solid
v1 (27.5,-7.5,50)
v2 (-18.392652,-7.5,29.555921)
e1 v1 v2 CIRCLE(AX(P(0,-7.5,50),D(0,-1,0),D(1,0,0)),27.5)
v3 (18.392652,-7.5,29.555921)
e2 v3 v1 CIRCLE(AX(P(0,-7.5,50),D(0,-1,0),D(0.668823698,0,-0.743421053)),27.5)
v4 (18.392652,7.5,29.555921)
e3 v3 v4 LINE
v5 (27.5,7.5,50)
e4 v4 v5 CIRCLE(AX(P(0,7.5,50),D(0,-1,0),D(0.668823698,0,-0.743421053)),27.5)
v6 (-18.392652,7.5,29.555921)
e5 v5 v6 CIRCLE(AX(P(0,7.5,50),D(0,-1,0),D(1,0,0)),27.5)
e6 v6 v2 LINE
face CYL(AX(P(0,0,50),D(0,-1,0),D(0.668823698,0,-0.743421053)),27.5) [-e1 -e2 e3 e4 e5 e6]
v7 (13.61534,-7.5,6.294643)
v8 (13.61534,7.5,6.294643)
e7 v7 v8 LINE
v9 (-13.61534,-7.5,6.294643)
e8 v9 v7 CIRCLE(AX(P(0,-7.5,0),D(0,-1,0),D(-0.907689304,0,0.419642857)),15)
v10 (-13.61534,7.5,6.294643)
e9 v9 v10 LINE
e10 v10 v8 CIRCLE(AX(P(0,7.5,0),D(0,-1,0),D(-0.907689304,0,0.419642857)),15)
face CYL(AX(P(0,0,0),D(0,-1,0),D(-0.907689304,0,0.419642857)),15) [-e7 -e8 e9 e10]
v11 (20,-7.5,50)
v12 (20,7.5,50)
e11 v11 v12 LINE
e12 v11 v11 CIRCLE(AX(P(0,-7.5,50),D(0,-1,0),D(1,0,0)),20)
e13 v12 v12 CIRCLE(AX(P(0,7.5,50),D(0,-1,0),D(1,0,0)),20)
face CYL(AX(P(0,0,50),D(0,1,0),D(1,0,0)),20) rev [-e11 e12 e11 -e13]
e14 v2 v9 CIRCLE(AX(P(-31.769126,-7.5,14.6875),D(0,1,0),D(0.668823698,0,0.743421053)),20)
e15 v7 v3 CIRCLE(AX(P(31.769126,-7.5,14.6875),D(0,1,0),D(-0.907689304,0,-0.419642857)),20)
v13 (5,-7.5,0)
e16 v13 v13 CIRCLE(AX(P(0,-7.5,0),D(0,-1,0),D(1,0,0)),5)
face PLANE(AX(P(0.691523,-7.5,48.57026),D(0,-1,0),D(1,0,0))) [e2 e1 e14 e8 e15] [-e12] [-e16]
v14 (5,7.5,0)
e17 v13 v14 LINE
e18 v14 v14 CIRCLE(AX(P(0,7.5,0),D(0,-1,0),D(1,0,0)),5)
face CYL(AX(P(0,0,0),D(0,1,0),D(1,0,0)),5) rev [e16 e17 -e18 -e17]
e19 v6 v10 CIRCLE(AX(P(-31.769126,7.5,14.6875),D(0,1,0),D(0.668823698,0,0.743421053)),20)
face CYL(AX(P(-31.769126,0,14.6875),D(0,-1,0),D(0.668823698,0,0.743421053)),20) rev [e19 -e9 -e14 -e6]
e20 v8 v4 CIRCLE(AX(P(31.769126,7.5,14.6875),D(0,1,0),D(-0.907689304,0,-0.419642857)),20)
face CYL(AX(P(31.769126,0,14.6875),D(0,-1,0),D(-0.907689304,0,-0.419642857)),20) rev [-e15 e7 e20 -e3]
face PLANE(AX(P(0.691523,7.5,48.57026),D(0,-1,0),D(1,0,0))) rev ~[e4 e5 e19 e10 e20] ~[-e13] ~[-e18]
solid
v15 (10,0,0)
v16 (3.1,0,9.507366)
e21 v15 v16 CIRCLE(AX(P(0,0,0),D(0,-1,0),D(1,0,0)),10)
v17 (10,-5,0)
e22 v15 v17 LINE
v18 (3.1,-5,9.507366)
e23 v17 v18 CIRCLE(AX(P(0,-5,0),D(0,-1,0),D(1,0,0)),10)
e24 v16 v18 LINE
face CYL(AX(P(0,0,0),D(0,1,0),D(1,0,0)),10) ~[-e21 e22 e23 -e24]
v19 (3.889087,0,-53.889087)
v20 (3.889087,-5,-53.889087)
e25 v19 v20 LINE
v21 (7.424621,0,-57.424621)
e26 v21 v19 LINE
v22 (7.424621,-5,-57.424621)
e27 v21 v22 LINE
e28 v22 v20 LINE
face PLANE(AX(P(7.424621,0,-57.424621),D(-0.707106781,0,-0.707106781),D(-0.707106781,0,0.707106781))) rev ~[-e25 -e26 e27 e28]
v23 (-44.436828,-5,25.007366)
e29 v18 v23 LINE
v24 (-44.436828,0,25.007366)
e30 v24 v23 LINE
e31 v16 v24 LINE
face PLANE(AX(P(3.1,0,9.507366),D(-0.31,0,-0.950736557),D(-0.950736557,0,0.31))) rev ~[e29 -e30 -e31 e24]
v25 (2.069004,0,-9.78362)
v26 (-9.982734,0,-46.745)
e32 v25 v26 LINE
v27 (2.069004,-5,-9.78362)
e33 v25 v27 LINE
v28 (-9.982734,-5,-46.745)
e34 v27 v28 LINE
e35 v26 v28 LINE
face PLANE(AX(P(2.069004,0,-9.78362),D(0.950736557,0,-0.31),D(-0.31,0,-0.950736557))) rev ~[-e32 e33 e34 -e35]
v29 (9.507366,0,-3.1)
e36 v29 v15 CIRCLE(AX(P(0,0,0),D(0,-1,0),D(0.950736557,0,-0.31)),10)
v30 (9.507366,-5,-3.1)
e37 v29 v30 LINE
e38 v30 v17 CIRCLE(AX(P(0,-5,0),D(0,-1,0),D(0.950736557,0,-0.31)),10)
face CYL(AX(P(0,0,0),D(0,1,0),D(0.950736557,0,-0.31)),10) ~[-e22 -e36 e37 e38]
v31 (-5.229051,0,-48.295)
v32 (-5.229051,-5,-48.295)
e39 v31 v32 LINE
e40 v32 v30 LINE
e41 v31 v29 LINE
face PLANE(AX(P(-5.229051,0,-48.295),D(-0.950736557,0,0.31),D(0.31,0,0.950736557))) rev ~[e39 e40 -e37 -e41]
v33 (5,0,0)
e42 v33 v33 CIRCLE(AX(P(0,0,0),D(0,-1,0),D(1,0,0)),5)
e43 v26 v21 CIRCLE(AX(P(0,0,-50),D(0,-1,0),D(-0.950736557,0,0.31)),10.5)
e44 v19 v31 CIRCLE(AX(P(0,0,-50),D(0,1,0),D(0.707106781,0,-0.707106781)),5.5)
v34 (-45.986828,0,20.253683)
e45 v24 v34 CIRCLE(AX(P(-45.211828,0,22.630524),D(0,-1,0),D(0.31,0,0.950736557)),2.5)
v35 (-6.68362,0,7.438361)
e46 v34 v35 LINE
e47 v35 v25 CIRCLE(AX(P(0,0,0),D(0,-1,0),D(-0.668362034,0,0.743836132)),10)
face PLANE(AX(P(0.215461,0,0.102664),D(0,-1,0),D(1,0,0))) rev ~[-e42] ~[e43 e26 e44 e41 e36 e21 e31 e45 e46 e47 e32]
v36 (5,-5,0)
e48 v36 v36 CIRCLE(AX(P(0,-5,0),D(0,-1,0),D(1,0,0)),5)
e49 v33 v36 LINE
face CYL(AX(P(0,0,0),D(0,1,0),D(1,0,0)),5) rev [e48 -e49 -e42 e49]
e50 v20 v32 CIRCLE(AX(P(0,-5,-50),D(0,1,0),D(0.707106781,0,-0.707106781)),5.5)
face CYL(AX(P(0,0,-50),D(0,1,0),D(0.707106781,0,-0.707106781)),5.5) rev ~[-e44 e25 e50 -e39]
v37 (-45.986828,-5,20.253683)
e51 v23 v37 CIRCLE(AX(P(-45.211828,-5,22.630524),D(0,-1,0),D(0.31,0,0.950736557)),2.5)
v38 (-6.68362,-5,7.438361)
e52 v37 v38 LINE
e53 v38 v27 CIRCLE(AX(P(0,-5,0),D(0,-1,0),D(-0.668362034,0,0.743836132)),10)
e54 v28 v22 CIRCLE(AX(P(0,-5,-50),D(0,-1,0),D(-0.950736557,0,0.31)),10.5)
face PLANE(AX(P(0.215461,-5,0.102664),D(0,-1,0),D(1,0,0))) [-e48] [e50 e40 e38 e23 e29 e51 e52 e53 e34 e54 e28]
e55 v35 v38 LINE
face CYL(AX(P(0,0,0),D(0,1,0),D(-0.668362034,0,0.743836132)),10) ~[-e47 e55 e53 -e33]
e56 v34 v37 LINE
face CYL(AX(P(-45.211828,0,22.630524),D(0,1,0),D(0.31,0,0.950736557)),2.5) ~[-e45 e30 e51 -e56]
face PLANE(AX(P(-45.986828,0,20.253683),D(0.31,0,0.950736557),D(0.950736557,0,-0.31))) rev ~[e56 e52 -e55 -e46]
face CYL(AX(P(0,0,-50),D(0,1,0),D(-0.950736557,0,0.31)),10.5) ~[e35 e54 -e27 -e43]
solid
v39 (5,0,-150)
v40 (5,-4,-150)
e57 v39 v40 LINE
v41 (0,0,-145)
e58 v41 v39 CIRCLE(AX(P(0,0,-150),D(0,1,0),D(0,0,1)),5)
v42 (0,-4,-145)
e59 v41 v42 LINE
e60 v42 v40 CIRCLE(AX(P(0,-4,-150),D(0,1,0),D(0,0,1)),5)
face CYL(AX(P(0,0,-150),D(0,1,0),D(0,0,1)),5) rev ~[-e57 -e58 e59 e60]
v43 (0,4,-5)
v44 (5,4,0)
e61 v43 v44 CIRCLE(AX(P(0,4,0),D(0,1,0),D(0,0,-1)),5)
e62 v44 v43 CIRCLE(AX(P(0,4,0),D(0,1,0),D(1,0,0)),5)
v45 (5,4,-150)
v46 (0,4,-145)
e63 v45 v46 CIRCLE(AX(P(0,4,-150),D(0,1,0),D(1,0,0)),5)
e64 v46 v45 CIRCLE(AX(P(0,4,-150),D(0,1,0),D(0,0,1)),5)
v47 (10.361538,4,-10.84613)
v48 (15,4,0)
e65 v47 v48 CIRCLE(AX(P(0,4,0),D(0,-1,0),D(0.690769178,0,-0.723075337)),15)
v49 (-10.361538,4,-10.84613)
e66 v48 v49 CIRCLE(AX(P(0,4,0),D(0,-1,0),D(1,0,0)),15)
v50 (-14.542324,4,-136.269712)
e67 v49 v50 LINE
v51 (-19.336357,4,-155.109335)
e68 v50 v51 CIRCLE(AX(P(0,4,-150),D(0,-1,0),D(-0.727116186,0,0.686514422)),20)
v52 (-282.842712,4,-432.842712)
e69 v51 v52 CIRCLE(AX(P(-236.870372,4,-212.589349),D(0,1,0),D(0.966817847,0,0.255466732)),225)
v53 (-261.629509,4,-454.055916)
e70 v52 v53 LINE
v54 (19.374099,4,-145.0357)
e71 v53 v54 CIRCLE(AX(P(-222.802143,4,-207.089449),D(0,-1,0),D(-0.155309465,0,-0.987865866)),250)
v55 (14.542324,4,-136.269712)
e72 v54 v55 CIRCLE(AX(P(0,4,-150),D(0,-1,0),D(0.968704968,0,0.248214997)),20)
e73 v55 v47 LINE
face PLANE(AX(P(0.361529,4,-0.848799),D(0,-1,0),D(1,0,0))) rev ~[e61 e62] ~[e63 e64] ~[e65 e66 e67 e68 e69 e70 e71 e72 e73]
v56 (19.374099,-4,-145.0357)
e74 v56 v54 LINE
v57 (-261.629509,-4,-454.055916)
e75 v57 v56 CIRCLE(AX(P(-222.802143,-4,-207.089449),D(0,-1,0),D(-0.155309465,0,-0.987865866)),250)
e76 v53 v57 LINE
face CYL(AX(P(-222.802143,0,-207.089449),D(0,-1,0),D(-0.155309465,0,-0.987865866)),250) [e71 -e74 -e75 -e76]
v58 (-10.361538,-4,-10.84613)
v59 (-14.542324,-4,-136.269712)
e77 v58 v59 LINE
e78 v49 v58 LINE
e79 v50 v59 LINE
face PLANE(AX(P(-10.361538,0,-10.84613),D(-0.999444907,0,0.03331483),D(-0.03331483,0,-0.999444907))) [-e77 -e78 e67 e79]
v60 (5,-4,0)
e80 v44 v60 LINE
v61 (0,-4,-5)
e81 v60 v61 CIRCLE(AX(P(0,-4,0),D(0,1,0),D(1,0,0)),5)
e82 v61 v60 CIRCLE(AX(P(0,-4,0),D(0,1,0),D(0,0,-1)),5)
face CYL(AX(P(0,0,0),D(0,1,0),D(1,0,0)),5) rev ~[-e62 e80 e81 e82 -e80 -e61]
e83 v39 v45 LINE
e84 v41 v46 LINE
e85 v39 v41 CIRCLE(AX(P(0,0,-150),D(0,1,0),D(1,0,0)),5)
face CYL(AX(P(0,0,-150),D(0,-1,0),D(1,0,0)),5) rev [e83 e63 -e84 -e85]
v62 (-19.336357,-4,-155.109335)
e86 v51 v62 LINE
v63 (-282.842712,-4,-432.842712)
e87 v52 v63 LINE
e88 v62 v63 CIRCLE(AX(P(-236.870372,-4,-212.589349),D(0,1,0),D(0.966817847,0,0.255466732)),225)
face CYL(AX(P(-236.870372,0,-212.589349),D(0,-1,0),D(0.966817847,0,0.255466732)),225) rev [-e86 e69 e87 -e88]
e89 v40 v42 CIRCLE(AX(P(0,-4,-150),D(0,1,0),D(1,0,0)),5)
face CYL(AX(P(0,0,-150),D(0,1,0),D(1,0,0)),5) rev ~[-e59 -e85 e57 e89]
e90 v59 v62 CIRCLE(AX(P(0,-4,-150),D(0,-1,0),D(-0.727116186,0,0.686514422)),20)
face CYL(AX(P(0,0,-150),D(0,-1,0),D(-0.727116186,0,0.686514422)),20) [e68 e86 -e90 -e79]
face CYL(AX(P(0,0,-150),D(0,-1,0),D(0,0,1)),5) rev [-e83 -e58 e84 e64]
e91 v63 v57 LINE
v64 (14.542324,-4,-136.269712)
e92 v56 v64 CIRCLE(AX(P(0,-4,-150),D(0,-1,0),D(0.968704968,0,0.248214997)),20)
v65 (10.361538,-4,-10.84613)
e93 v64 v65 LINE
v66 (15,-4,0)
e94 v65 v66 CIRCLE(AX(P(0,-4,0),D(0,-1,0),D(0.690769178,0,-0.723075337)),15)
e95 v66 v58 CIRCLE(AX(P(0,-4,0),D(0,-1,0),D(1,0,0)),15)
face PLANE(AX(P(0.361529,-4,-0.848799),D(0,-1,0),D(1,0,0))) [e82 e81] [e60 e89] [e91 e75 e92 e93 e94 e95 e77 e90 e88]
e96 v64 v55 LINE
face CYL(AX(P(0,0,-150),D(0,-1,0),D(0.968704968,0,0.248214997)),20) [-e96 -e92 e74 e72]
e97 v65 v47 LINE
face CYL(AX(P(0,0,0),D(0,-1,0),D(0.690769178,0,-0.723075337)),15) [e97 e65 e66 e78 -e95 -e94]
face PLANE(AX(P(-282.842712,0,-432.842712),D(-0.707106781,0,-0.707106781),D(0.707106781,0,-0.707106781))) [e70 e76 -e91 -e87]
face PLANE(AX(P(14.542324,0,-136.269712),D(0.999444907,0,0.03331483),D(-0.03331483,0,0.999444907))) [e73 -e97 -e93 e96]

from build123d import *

# Parameters (mm, degrees)
F1_DEPTH = 4
F3_R     = 20
F3_R_2   = 5
F4_DEPTH = 7.5
F5_R     = 5
F6_DEPTH = 5


with BuildPart() as f1:
    # F0 (on Front) → F1 (new body, symmetric)
    with BuildSketch(Plane.XZ):
        with BuildLine():
            ThreePointArc((10.3615376685, -10.8461300539), (13.7917197083, -5.8981749284), (15, 0))
            ThreePointArc((15, 0), (-5.8981749284, 13.7917197083), (-10.3615376685, -10.8461300539))
            ThreePointArc((-10.3615376685, -10.8461300539), (-5.5815790415, -13.9228580185), (0, -15))
            ThreePointArc((0, -15), (5.5815790415, -13.9228580185), (10.3615376685, -10.8461300539))
        make_face()
        with BuildLine():
            ThreePointArc((5, 0), (3.5355339059, -3.5355339059), (0, -5))
            ThreePointArc((0, -5), (-3.5355339059, 3.5355339059), (5, 0))
        make_face(mode=Mode.SUBTRACT)
        with BuildLine():
            ThreePointArc((0, -15), (-5.5815790415, -13.9228580185), (-10.3615376685, -10.8461300539))
            Line((-10.3615376685, -10.8461300539), (-14.5423237184, -136.2697115518))
            ThreePointArc((-14.5423237184, -136.2697115518), (-7.9181510164, -131.6341925176), (0, -130))
            Line((0, -130), (0, -15))
        make_face()
        with BuildLine():
            Line((14.5423237184, -136.2697115518), (10.3615376685, -10.8461300539))
            ThreePointArc((10.3615376685, -10.8461300539), (5.5815790415, -13.9228580185), (0, -15))
            Line((0, -15), (0, -130))
            ThreePointArc((0, -130), (7.9181510164, -131.6341925176), (14.5423237184, -136.2697115518))
        make_face()
        with BuildLine():
            ThreePointArc((0, -130), (-7.9181510164, -131.6341925176), (-14.5423237184, -136.2697115518))
            ThreePointArc((-14.5423237184, -136.2697115518), (-19.3823141099, -145.0678706683), (-19.3363569345, -155.1093346436))
            ThreePointArc((-19.3363569345, -155.1093346436), (2.5761270649, -169.8333953055), (20, -150))
            ThreePointArc((20, -150), (19.8429078923, -147.4981993729), (19.3740993622, -145.0357000592))
            ThreePointArc((19.3740993622, -145.0357000592), (17.5154668015, -140.3455490717), (14.5423237184, -136.2697115518))
            ThreePointArc((14.5423237184, -136.2697115518), (7.9181510164, -131.6341925176), (0, -130))
        make_face()
        with BuildLine():
            ThreePointArc((5, -150), (-3.5355339059, -153.5355339059), (0, -145))
            ThreePointArc((0, -145), (3.5355339059, -146.4644660941), (5, -150))
        make_face(mode=Mode.SUBTRACT)
        with BuildLine():
            ThreePointArc((20, -150), (2.5761270649, -169.8333953055), (-19.3363569345, -155.1093346436))
            ThreePointArc((-19.3363569345, -155.1093346436), (-73.6456518499, -367.4528072618), (-282.8427124746, -432.8427124746))
            Line((-282.8427124746, -432.8427124746), (-261.629509039, -454.0559159102))
            ThreePointArc((-261.629509039, -454.0559159102), (-37.8398093147, -375.282597935), (19.3740993622, -145.0357000592))
            ThreePointArc((19.3740993622, -145.0357000592), (19.8429078923, -147.4981993729), (20, -150))
        make_face()
    extrude(amount=F1_DEPTH, both=True)


with BuildPart() as f4:
    # F3 (on Front) → F4 (new body, symmetric)
    with BuildSketch(Plane.XZ):
        with BuildLine():
            ThreePointArc((18.3926516847, 29.5559210526), (25.1201902991, 38.8095558919), (27.5, 50))
            ThreePointArc((27.5, 50), (-11.1904441081, 75.1201902991), (-18.3926516847, 29.5559210526))
            ThreePointArc((-18.3926516847, 29.5559210526), (0, 22.5), (18.3926516847, 29.5559210526))
        make_face()
        with Locations((0, 50)):
            Circle(F3_R, mode=Mode.SUBTRACT)
        with BuildLine():
            ThreePointArc((18.3926516847, 29.5559210526), (0, 22.5), (-18.3926516847, 29.5559210526))
            ThreePointArc((-18.3926516847, 29.5559210526), (-12.1780284186, 18.7110444293), (-13.6153395588, 6.2946428571))
            ThreePointArc((-13.6153395588, 6.2946428571), (0, -15), (13.6153395588, 6.2946428571))
            ThreePointArc((13.6153395588, 6.2946428571), (12.1780284186, 18.7110444293), (18.3926516847, 29.5559210526))
        make_face()
        Circle(F3_R_2, mode=Mode.SUBTRACT)
    extrude(amount=F4_DEPTH, both=True)


with BuildPart() as f6:
    # F5 (on Front) → F6 (new body)
    with BuildSketch(Plane.XZ):
        with BuildLine():
            ThreePointArc((9.5073655657, -3.1), (9.8760735026, -1.5694496397), (10, 0))
            ThreePointArc((10, 0), (8.0932070281, 5.8736700622), (3.1, 9.5073655657))
            ThreePointArc((3.1, 9.5073655657), (-2.0690041895, 9.7836200695), (-6.6836203438, 7.4383613181))
            ThreePointArc((-6.6836203438, 7.4383613181), (-8.914753611, -4.5306917854), (2.0690040311, -9.783620103))
            ThreePointArc((2.0690040311, -9.783620103), (6.683620103, -7.4383615346), (9.5073655657, -3.1))
        make_face()
        Circle(F5_R, mode=Mode.SUBTRACT)
        with BuildLine():
            ThreePointArc((-6.6836203438, 7.4383613181), (-2.0690041895, 9.7836200695), (3.1, 9.5073655657))
            Line((3.1, 9.5073655657), (-44.4368278285, 25.0073655657))
            ThreePointArc((-44.4368278285, 25.0073655657), (-47.5886693968, 23.4055240844), (-45.9868279155, 20.2536825162))
            Line((-45.9868279155, 20.2536825162), (-6.6836203438, 7.4383613181))
        make_face()
        with BuildLine():
            Line((-5.2290510611, -48.295), (9.5073655657, -3.1))
            ThreePointArc((9.5073655657, -3.1), (6.683620103, -7.4383615346), (2.0690040311, -9.783620103))
            Line((2.0690040311, -9.783620103), (-9.982733844, -46.745))
            ThreePointArc((-9.982733844, -46.745), (-5.4908617109, -58.9498847854), (7.4246212025, -57.4246212025))
            Line((7.4246212025, -57.4246212025), (3.8890872965, -53.8890872965))
            ThreePointArc((3.8890872965, -53.8890872965), (-2.8761656581, -54.6880348876), (-5.2290510611, -48.295))
        make_face()
    extrude(amount=F6_DEPTH)


solid = Compound([f1.part, f4.part, f6.part])
